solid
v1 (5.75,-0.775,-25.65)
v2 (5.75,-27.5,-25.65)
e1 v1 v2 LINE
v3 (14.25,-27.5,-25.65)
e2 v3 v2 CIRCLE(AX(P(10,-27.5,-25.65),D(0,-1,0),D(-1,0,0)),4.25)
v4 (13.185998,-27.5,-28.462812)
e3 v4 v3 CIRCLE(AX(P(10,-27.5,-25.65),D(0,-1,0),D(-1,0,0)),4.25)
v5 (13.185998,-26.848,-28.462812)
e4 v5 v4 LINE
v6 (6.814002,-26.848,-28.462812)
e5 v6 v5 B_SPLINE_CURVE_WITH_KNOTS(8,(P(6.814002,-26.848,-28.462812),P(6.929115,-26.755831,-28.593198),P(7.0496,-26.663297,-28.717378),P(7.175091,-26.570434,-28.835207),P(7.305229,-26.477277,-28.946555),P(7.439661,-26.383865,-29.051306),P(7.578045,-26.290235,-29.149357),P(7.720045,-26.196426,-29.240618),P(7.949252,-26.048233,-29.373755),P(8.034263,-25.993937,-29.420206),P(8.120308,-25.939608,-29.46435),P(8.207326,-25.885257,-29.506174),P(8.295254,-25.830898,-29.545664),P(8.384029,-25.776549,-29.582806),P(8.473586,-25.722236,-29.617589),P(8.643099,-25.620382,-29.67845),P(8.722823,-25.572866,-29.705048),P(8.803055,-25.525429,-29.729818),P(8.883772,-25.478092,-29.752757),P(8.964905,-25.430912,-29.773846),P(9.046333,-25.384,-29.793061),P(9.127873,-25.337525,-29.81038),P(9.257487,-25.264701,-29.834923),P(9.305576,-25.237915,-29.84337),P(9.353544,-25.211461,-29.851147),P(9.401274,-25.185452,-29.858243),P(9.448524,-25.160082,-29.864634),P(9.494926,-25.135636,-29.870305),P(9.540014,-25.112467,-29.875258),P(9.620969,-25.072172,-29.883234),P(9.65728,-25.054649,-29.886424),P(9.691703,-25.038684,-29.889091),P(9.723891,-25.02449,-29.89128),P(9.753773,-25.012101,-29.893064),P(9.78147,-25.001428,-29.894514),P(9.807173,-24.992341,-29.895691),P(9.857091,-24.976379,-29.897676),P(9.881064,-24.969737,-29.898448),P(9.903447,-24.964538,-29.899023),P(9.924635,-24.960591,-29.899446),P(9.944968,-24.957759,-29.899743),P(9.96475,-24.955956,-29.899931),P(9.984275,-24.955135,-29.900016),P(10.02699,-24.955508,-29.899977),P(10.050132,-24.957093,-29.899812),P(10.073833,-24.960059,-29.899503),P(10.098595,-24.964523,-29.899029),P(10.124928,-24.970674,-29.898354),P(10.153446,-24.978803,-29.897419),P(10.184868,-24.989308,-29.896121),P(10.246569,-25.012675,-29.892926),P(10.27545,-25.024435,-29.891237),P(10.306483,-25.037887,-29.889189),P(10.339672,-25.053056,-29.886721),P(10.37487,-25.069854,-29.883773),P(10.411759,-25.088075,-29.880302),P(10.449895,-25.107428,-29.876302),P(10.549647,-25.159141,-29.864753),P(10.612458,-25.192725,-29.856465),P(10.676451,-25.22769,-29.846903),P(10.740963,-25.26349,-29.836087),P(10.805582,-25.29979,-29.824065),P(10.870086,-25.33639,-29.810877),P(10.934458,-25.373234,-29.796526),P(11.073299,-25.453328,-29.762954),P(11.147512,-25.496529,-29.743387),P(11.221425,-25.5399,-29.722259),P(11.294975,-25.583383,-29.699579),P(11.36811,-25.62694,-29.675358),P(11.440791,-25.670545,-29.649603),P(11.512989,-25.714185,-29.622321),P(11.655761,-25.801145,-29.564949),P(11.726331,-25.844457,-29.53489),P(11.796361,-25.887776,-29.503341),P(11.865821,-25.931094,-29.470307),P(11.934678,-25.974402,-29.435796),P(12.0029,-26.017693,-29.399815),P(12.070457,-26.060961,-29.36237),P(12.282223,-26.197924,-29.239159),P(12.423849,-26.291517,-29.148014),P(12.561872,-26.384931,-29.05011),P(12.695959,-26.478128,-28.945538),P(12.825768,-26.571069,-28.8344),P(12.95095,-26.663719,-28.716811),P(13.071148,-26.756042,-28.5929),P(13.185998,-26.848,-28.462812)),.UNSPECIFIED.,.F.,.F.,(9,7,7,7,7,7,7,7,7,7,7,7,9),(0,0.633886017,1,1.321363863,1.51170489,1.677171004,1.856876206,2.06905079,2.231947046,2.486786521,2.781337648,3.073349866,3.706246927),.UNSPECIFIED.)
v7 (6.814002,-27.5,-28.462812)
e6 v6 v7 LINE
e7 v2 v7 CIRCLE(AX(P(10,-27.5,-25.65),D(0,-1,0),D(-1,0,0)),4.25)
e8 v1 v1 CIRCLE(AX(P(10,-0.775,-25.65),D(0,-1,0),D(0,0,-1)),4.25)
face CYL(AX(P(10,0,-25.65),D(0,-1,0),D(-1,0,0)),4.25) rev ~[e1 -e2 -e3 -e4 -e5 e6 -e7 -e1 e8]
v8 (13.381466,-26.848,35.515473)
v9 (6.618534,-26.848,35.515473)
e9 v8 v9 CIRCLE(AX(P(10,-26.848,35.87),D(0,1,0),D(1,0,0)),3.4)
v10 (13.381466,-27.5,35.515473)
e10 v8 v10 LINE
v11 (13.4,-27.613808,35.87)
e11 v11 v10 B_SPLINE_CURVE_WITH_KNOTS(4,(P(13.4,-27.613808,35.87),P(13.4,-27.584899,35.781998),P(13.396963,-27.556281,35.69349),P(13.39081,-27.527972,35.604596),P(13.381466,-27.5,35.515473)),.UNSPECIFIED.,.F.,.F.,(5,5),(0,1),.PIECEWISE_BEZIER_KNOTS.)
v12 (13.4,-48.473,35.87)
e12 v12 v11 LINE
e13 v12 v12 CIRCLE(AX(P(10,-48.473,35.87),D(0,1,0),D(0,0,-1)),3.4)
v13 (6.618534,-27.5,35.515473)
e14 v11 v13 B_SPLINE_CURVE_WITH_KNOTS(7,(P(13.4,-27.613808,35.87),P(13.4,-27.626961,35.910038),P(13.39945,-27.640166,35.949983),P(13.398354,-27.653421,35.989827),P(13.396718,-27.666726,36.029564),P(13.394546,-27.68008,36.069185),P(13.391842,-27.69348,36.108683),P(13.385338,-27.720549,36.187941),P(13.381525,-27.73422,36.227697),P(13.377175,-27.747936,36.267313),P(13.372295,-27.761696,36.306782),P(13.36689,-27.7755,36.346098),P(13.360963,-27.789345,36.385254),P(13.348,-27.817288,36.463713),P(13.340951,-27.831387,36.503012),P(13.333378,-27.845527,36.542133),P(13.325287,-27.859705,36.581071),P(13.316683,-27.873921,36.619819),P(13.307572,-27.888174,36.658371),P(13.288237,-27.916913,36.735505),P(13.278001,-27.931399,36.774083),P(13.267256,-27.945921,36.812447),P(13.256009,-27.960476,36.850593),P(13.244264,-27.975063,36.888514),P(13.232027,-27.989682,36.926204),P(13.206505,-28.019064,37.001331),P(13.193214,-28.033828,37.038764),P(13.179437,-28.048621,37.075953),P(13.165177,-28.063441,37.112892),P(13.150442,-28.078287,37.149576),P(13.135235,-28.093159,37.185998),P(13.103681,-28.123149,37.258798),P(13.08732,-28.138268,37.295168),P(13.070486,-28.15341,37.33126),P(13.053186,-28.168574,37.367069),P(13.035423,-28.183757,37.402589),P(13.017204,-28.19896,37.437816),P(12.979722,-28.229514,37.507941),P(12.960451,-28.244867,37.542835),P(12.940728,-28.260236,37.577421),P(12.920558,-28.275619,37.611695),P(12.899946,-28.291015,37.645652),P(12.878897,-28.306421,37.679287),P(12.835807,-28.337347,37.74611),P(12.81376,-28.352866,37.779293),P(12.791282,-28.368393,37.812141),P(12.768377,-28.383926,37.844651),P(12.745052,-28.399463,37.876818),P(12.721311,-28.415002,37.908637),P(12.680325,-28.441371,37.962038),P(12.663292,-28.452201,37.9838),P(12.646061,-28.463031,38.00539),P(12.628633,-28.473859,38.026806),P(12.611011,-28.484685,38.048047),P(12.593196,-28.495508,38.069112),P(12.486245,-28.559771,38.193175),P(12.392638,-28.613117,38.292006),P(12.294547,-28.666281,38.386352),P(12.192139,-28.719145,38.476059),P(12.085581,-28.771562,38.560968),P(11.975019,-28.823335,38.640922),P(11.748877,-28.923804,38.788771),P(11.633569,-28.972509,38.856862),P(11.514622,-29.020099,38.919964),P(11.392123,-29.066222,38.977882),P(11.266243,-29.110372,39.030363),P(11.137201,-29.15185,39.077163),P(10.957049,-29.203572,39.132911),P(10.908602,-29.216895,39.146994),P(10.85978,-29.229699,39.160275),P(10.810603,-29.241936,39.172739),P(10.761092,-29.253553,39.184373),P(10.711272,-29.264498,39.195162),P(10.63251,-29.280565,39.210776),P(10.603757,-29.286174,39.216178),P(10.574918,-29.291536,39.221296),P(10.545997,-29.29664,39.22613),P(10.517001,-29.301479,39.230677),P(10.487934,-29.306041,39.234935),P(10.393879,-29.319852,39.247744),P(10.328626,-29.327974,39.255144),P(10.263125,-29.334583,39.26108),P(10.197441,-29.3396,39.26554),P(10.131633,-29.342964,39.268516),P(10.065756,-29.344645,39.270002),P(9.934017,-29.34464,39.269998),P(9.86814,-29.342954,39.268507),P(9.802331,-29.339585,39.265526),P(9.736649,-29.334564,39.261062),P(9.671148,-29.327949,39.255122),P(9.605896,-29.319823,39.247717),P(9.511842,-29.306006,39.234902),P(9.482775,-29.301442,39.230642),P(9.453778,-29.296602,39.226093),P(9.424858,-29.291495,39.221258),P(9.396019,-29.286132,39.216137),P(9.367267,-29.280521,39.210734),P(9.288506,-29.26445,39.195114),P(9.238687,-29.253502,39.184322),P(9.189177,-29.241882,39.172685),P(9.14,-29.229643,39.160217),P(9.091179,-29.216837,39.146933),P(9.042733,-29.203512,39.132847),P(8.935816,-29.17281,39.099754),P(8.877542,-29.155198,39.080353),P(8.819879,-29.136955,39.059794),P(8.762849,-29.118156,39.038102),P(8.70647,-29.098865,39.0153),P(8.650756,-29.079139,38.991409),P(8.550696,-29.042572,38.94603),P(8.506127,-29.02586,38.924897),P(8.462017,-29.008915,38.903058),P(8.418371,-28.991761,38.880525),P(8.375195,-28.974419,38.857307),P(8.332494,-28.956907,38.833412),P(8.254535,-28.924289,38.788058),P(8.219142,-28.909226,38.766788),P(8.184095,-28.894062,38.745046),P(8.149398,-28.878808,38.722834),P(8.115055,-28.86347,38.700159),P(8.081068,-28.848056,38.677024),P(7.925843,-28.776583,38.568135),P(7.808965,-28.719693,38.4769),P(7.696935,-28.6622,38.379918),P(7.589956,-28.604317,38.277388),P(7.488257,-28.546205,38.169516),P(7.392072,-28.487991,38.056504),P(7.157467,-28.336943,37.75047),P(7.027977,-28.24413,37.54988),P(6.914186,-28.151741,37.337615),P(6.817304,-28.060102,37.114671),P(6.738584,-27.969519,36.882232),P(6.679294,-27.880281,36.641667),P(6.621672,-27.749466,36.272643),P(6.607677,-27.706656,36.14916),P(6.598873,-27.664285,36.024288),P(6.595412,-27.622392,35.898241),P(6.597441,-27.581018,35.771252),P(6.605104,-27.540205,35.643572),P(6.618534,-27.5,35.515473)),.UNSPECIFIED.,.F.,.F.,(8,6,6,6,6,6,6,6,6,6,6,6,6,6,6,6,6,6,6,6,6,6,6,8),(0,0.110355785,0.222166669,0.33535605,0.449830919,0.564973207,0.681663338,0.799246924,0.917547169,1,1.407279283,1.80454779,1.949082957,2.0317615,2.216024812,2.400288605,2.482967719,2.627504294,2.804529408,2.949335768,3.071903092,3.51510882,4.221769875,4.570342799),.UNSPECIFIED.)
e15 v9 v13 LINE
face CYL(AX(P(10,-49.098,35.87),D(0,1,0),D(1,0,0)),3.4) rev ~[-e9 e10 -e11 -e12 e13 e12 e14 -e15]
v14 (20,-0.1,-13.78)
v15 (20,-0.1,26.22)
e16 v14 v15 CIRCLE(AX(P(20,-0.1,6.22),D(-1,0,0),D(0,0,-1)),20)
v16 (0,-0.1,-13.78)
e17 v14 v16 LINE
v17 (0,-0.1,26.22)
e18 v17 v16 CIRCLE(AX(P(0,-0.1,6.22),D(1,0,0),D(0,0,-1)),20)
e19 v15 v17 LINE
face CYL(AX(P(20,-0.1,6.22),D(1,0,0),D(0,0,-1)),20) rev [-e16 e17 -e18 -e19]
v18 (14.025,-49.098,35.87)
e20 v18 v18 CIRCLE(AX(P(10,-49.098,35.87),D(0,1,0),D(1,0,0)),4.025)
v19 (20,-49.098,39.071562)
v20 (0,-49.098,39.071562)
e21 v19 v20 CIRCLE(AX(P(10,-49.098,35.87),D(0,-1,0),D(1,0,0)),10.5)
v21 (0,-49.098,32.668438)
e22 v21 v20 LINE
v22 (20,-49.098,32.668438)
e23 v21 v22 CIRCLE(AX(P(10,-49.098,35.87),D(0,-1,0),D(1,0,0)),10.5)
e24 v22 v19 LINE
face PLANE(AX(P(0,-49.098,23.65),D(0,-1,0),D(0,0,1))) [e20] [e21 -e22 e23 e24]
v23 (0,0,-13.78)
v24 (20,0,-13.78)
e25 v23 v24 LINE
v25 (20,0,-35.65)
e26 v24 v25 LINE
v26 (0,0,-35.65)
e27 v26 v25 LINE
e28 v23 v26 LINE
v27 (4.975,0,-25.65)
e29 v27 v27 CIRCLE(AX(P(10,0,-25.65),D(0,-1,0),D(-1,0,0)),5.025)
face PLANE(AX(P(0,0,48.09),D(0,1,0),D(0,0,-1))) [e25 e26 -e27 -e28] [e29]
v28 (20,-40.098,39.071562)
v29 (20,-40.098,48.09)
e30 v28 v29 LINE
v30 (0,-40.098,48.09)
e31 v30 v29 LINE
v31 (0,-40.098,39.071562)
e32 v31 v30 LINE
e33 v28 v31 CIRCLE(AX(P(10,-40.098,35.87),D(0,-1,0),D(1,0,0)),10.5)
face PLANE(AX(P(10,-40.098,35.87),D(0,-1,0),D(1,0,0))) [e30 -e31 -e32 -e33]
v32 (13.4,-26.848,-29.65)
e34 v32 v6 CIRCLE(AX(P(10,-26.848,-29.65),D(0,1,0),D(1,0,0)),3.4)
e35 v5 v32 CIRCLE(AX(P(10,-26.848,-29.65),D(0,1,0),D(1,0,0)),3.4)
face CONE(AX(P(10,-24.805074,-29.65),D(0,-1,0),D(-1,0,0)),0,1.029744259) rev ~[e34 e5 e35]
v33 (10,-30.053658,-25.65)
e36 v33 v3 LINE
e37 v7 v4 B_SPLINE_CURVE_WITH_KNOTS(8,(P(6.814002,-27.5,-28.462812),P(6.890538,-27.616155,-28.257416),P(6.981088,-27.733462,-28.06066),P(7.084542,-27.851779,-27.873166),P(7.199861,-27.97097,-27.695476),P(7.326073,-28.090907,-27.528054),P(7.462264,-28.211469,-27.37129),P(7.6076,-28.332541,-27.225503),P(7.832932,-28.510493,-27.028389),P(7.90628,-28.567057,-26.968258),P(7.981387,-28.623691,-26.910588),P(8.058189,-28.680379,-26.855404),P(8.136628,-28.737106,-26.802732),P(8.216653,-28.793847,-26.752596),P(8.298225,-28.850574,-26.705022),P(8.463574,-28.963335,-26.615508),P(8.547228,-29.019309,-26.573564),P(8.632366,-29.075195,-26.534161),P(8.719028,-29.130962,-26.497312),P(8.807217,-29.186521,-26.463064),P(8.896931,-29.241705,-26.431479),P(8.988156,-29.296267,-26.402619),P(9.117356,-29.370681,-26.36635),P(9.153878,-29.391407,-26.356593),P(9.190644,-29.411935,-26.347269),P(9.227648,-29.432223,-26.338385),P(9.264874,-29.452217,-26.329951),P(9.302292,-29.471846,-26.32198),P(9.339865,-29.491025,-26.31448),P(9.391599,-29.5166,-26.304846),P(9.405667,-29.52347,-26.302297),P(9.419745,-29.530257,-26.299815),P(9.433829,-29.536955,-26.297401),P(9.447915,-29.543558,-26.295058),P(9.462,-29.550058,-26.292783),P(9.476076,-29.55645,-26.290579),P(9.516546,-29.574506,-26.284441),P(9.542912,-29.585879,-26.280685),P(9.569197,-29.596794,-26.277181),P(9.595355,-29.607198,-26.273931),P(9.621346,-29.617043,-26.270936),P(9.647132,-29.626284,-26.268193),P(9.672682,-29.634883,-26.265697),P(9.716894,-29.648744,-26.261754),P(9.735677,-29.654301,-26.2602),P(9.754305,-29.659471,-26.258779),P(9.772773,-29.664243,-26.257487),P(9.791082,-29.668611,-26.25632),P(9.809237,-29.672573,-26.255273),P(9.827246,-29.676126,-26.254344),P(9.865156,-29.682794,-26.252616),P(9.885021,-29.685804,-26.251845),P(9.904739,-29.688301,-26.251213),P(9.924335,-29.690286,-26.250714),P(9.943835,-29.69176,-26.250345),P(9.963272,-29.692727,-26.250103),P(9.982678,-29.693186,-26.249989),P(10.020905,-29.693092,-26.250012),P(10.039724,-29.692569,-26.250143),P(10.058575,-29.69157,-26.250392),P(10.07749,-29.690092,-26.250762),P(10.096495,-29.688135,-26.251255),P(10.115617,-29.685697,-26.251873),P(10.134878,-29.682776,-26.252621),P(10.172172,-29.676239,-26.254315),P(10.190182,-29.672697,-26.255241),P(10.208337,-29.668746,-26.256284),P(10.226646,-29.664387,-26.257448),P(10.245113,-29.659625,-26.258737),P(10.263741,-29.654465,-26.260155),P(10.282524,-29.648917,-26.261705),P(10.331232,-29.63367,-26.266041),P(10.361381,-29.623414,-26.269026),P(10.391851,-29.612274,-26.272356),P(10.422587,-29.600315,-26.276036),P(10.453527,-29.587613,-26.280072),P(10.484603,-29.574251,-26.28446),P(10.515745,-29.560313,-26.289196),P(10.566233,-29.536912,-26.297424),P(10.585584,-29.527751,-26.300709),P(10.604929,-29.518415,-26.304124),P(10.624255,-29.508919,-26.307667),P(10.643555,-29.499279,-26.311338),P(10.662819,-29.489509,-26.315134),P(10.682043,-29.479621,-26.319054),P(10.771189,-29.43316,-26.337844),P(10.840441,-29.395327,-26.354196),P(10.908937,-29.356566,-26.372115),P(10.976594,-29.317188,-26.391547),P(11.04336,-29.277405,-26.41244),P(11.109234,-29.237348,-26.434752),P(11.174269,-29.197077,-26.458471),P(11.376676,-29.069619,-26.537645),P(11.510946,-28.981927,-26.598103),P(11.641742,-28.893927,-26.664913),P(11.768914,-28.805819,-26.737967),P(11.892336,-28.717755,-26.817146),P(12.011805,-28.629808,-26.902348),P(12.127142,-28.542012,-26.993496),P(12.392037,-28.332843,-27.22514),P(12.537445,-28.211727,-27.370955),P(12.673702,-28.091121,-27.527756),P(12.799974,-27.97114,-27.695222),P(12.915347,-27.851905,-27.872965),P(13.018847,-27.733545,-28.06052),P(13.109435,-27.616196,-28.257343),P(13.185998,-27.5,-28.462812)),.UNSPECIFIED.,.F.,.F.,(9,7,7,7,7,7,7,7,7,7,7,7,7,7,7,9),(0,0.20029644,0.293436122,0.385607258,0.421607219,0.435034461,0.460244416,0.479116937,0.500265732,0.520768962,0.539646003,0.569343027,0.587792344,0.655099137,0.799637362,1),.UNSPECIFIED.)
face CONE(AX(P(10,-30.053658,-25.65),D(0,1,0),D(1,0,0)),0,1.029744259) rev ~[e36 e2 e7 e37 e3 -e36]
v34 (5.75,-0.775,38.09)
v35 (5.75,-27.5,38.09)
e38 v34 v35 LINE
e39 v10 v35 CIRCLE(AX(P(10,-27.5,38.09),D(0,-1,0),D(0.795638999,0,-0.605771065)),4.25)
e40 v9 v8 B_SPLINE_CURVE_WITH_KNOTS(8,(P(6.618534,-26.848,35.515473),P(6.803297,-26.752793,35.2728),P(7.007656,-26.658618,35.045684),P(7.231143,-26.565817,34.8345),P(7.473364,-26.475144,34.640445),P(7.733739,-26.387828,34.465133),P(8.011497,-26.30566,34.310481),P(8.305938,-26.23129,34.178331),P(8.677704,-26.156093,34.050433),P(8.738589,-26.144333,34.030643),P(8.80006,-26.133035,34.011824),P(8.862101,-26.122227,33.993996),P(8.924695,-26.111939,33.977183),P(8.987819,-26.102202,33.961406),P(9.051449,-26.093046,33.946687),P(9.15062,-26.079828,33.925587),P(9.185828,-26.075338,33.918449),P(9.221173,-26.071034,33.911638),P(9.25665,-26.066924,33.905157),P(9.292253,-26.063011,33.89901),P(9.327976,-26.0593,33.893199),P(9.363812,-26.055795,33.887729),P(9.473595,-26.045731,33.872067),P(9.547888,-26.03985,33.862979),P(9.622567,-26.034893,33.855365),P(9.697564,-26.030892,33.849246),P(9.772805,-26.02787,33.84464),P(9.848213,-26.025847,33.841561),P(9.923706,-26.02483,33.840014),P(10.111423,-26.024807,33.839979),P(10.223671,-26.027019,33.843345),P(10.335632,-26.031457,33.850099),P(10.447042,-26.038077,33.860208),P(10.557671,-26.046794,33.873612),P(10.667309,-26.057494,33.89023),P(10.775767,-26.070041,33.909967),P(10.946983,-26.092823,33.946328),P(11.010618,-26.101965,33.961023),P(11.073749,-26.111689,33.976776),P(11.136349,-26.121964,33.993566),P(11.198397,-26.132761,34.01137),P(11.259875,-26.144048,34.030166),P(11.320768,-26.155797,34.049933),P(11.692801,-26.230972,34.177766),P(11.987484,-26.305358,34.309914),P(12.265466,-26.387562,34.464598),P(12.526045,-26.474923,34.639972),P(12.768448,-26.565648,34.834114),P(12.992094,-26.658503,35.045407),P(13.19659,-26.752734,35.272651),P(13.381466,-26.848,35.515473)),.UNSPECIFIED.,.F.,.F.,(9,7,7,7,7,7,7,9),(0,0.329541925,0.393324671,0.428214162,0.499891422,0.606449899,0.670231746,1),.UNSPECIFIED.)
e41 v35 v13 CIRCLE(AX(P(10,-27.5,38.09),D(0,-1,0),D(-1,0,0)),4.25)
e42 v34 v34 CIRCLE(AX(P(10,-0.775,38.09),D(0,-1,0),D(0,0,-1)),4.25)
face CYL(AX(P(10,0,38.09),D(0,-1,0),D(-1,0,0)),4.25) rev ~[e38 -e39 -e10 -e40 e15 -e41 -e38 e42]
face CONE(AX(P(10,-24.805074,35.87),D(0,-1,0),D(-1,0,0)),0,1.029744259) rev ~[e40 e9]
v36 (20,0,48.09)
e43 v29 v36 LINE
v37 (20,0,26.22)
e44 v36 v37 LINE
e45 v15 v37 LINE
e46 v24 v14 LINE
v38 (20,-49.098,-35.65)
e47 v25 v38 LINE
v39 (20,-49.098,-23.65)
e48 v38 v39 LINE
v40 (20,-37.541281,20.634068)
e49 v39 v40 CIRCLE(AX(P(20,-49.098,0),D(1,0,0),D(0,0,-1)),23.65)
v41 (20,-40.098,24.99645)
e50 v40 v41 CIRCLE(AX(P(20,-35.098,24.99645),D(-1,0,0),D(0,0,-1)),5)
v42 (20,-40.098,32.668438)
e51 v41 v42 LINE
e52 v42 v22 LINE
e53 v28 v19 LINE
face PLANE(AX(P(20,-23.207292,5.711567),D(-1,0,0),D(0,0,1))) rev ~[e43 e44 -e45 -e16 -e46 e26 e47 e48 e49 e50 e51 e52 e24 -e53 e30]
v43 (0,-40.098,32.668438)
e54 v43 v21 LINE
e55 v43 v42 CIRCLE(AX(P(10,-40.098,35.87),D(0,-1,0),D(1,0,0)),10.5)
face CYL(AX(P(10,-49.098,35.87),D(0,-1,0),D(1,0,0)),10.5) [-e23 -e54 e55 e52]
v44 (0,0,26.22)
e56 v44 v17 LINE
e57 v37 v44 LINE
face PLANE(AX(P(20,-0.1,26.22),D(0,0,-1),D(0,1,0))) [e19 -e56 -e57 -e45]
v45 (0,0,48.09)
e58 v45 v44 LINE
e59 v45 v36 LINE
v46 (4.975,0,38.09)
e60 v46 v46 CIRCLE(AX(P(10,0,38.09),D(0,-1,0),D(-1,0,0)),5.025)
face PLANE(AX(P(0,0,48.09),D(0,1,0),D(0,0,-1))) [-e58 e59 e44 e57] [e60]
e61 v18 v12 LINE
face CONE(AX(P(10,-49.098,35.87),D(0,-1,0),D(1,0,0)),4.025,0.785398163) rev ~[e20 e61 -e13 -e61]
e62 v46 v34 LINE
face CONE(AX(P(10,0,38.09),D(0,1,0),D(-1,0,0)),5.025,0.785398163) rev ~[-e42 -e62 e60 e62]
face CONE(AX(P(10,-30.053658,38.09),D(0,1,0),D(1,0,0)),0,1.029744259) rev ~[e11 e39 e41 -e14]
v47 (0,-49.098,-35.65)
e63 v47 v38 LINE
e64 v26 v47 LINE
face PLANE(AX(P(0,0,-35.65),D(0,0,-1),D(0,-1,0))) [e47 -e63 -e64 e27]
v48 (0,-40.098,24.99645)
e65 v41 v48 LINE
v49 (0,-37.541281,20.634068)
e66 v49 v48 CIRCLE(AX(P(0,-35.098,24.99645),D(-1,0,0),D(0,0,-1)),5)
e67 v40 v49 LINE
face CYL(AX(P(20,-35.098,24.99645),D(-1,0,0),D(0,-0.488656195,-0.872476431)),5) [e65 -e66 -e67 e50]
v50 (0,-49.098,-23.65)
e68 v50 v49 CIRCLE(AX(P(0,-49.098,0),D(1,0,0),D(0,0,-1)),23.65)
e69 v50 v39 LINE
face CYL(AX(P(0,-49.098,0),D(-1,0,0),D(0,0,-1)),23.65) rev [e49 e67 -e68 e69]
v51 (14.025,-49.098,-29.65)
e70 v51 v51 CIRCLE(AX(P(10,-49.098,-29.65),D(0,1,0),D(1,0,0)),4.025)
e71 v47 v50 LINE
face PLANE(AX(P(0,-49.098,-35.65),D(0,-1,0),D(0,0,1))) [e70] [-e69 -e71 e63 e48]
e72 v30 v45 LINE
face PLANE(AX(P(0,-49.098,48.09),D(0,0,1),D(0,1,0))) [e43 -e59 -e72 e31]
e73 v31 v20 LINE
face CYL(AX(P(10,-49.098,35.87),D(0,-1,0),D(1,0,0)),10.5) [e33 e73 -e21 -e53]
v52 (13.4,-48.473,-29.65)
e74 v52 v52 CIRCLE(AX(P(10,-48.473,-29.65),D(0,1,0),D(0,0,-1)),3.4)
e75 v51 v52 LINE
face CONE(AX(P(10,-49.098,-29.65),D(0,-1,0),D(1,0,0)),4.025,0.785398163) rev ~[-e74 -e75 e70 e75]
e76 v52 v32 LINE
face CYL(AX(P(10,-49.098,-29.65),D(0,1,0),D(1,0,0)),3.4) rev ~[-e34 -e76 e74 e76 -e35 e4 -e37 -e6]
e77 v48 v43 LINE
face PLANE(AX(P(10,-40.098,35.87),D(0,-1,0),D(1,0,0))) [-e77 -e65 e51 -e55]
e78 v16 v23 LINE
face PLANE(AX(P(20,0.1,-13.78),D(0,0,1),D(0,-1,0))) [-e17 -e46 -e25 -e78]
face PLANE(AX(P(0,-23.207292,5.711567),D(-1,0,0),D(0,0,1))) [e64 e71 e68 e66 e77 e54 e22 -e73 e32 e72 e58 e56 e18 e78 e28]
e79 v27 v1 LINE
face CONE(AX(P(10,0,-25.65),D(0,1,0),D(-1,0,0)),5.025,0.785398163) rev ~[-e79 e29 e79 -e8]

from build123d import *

# Parameters (mm, degrees)
BOSS_EXTRUDE1_DEPTH          = 20
M10_TAPPED_HOLE1_D           = 8.5
M10_TAPPED_HOLE1_DEPTH       = 27.5
M10_TAPPED_HOLE1_CSINK_D     = 10.05
M10_TAPPED_HOLE1_CSINK_ANGLE = 90
M10_TAPPED_HOLE1_TIP         = 2.553657631
M8_TAPPED_HOLE1_D            = 6.8
M8_TAPPED_HOLE1_DEPTH        = 22.25
M8_TAPPED_HOLE1_CSINK_D      = 8.05
M8_TAPPED_HOLE1_CSINK_ANGLE  = 90
M8_TAPPED_HOLE1_TIP          = 2.042926105
CUT_EXTRUDE1_DEPTH           = 72.576963501
SKETCH7_R                    = 21.448918638
SKETCH7_R_2                  = 10.5
CUT_EXTRUDE2_DEPTH           = 9
FILLET1_R                    = 5


with BuildPart() as part:
    # Sketch1 → Boss-Extrude1 (new body)
    with BuildSketch(Plane(origin=(0, 0, 0), x_dir=(0, 0, -1), z_dir=(1, 0, 0))):
        with BuildLine():
            Line((-35.65, 0), (35.65, 0))
            Line((35.65, 0), (35.65, -49.098))
            Line((35.65, -49.098), (23.65, -49.098))
            ThreePointArc((23.65, -49.098), (0, -25.448), (-23.65, -49.098))
            Line((-23.65, -49.098), (-35.65, -49.098))
            Line((-35.65, -49.098), (-48.09, -49.098))
            Line((-48.09, -49.098), (-48.09, 0))
            Line((-48.09, 0), (-35.65, 0))
        make_face()
    extrude(amount=BOSS_EXTRUDE1_DEPTH)

    # M10 Tapped Hole1
    with Locations(Plane(origin=(0, 0, 0), x_dir=(1, 0, 0), z_dir=(0, 1, 0))):
        with Locations((10, -38.09), (10, 25.65)):
            CounterSinkHole(M10_TAPPED_HOLE1_D / 2, M10_TAPPED_HOLE1_CSINK_D / 2, depth=M10_TAPPED_HOLE1_DEPTH, counter_sink_angle=M10_TAPPED_HOLE1_CSINK_ANGLE)
            with Locations((0, 0, -(M10_TAPPED_HOLE1_DEPTH + M10_TAPPED_HOLE1_TIP / 2))):  # 118° drill point
                Cone(0, M10_TAPPED_HOLE1_D / 2, M10_TAPPED_HOLE1_TIP, mode=Mode.SUBTRACT)

    # M8 Tapped Hole1
    with Locations(Plane(origin=(0, -49.098, 0), x_dir=(-1, 0, 0), z_dir=(0, -1, 0))):
        with Locations((-10, -35.87), (-10, 29.65)):
            CounterSinkHole(M8_TAPPED_HOLE1_D / 2, M8_TAPPED_HOLE1_CSINK_D / 2, depth=M8_TAPPED_HOLE1_DEPTH, counter_sink_angle=M8_TAPPED_HOLE1_CSINK_ANGLE)
            with Locations((0, 0, -(M8_TAPPED_HOLE1_DEPTH + M8_TAPPED_HOLE1_TIP / 2))):  # 118° drill point
                Cone(0, M8_TAPPED_HOLE1_D / 2, M8_TAPPED_HOLE1_TIP, mode=Mode.SUBTRACT)

    # Sketch6 → Cut-Extrude1 (cut, through all)
    with BuildSketch(Plane(origin=(20, 0, 0), x_dir=(0, 0, -1), z_dir=(1, 0, 0))):
        with BuildLine():
            Line((13.78, 0.1), (13.78, -0.1))
            ThreePointArc((13.78, -0.1), (-6.22, -20.1), (-26.22, -0.1))
            Line((-26.22, -0.1), (-26.22, 0.1))
            ThreePointArc((-26.22, 0.1), (-6.22, 20.1), (13.78, 0.1))
        make_face()
    extrude(amount=-CUT_EXTRUDE1_DEPTH, mode=Mode.SUBTRACT)

    # Sketch7 → Cut-Extrude2 (cut)
    with BuildSketch(Plane.XZ.offset(49.098)):
        with Locations((10, 35.87)):
            Circle(SKETCH7_R)
        with Locations((10, 35.87)):
            Circle(SKETCH7_R_2, mode=Mode.SUBTRACT)
    extrude(amount=-CUT_EXTRUDE2_DEPTH, mode=Mode.SUBTRACT)

    # Fillet1
    fillet1_edges = [part.edges().sort_by_distance(p)[0] for p in [
        (10, -40.098, 21.870585269),
    ]]
    fillet(fillet1_edges, radius=FILLET1_R)


solid = part.part
